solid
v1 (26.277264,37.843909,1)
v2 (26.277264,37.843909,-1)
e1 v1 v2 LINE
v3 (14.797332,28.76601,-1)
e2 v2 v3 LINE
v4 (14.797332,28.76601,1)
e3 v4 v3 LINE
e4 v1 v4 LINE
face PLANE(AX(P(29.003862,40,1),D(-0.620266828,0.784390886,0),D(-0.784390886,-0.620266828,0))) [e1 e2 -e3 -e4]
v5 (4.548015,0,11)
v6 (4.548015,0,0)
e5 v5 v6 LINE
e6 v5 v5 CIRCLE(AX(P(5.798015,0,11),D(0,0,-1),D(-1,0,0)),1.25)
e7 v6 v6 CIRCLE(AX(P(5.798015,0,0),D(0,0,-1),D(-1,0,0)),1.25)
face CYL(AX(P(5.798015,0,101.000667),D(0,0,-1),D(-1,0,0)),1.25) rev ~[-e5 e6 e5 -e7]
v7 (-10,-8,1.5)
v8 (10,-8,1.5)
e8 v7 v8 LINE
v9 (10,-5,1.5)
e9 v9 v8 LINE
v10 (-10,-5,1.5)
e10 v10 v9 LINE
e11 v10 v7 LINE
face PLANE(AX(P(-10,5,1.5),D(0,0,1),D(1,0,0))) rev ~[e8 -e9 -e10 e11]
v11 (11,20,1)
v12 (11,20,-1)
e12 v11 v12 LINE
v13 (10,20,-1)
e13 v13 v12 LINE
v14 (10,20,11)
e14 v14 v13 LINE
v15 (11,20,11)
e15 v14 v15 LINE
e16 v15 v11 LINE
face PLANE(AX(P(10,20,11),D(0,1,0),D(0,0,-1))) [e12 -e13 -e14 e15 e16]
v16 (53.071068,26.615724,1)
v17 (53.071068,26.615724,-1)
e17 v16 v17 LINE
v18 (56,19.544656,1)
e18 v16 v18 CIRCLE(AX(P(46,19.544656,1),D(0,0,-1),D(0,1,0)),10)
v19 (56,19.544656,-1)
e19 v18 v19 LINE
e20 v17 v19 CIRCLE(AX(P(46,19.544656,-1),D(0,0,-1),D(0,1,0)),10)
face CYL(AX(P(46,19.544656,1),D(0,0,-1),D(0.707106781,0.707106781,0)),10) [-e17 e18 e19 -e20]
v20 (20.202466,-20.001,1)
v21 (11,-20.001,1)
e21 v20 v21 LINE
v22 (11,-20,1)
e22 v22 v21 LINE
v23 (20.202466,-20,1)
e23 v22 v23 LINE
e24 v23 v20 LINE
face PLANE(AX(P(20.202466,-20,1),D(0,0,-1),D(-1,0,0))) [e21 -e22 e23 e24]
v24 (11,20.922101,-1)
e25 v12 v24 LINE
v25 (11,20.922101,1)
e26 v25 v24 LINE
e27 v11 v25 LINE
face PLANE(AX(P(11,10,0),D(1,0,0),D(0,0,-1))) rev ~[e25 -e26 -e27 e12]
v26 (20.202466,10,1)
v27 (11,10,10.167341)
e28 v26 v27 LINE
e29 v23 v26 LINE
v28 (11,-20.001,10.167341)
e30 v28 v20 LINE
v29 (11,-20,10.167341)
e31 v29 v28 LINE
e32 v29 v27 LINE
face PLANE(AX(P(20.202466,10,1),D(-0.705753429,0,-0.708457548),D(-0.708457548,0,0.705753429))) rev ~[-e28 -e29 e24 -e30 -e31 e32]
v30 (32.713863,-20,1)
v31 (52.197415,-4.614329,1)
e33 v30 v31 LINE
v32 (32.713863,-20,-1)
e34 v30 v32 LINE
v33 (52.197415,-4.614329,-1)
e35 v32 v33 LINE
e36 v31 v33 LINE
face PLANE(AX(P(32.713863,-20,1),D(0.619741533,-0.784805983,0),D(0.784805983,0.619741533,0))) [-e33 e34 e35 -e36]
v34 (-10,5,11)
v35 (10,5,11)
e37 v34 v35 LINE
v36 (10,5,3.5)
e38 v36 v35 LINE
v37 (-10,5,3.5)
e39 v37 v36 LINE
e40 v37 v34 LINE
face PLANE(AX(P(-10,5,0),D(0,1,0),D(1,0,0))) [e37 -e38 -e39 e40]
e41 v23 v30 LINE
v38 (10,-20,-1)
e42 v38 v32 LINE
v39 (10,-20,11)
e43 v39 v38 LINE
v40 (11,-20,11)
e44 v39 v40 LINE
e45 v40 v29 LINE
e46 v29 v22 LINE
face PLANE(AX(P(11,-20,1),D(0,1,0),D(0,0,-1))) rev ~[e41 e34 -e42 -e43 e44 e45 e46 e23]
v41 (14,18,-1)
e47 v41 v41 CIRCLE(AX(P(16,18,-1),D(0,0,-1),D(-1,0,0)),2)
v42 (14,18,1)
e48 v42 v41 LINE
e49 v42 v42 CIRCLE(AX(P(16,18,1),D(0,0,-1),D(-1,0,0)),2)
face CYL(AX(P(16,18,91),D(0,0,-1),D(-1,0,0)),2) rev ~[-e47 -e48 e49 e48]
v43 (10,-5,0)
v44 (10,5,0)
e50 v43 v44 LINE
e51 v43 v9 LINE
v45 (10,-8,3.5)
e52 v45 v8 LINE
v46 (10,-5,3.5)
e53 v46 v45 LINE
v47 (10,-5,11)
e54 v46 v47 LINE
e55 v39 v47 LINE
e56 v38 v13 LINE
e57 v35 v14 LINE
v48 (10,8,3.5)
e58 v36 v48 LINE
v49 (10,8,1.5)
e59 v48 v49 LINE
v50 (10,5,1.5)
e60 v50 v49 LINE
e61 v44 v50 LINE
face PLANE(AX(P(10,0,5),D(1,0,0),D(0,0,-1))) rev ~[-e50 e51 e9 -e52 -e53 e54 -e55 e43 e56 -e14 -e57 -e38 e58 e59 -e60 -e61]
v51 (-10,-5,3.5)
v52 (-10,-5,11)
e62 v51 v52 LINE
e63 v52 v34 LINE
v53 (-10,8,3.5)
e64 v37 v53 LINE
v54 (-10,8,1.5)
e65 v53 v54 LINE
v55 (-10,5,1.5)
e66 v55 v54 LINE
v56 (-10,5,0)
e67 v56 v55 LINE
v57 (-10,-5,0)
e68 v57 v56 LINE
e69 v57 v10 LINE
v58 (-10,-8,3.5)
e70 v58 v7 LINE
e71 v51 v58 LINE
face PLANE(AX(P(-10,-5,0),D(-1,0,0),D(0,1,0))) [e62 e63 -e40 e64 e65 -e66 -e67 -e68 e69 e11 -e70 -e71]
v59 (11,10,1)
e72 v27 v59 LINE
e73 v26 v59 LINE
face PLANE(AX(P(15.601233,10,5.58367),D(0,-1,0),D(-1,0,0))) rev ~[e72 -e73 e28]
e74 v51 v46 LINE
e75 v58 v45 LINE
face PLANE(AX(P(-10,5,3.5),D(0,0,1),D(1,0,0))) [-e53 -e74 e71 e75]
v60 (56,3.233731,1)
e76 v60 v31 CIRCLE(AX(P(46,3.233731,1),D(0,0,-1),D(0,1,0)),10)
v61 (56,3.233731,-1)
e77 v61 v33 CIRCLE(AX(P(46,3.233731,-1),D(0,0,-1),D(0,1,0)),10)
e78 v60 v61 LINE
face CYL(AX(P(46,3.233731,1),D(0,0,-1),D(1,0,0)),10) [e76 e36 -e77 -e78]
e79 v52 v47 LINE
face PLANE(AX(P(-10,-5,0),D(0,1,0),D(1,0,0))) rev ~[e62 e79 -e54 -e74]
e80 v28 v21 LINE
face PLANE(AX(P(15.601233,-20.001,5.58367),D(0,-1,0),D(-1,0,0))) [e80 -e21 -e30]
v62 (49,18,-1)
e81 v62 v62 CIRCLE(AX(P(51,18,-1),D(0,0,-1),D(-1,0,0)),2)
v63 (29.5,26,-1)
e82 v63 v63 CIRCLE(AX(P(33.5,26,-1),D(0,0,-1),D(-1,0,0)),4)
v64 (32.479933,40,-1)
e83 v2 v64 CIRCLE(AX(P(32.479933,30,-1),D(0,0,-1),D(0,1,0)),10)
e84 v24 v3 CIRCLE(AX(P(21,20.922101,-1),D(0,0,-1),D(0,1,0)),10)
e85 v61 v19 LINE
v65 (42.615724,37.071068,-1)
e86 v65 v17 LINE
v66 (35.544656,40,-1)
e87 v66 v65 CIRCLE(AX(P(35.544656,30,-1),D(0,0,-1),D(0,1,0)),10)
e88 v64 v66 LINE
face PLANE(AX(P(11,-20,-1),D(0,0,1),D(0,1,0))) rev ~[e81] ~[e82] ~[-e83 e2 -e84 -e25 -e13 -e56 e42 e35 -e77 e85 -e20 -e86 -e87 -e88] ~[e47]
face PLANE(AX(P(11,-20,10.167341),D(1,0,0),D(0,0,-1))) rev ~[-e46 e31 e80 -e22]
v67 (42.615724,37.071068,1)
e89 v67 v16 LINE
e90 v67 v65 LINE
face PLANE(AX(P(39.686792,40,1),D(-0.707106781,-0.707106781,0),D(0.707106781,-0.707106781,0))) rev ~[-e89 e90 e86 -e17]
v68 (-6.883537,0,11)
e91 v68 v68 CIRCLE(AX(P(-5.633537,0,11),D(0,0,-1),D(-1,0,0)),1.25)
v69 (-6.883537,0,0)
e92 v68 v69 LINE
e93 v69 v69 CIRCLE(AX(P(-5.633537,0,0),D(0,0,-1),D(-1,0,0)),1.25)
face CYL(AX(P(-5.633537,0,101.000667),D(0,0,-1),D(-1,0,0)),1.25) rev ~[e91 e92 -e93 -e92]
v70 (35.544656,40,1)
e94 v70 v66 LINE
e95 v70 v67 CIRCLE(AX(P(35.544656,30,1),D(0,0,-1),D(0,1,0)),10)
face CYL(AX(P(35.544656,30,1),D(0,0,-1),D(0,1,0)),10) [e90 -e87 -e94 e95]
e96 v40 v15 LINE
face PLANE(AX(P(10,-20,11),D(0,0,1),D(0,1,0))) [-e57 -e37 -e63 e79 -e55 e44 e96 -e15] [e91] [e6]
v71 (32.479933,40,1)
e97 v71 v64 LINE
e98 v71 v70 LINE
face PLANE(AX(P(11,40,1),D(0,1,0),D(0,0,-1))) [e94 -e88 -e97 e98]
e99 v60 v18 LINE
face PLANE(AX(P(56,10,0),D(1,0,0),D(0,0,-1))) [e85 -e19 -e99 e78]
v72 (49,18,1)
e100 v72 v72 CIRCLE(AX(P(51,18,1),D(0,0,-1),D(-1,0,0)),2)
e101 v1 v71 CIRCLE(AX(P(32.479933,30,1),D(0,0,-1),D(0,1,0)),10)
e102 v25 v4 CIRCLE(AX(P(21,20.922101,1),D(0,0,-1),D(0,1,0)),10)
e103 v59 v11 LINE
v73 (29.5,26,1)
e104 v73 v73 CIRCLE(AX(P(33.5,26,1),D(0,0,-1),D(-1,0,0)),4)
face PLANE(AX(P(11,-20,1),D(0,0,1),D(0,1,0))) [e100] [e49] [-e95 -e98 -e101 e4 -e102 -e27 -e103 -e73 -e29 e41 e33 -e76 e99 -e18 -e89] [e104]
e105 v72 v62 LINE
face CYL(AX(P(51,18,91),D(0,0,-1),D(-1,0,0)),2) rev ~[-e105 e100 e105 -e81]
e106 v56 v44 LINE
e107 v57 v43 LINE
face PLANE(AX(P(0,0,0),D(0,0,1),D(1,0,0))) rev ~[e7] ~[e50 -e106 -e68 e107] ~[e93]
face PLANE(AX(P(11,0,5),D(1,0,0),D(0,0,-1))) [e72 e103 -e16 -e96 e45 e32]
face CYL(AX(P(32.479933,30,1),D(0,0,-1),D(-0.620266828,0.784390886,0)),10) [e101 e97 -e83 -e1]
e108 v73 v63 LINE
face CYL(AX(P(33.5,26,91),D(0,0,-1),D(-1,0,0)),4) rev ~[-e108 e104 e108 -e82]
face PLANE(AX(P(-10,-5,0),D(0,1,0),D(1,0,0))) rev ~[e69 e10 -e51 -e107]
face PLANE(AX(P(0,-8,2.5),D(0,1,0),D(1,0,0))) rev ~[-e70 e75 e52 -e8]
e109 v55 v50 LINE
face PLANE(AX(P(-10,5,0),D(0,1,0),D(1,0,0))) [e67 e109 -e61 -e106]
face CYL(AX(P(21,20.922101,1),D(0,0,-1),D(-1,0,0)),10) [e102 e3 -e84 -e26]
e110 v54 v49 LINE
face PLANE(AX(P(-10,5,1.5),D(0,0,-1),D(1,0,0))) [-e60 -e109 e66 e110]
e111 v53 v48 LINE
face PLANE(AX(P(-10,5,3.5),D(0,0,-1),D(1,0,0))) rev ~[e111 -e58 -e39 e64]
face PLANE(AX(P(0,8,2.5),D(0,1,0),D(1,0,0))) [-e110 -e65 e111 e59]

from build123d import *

# Parameters (mm, degrees)
SKETCH2_W                = 20
SKETCH2_H                = 10
BOSS_EXTRUDE1_DEPTH      = 11
SKETCH3_W                = 20
SKETCH3_H                = 2
BOSS_EXTRUDE2_DEPTH      = 3
BOSS_EXTRUDE2_DEPTH_BACK = 13
SKETCH4_W                = 12
SKETCH4_H                = 40
BOSS_EXTRUDE3_DEPTH      = 1
SKETCH5_W                = 2
SKETCH5_H                = 60
BOSS_EXTRUDE4_DEPTH      = 45
F_4_0MM_DOWEL_SLOT1_D    = 4
F_8_0MM_DOWEL_SLOT4_D    = 8
SKETCH22_W               = 9.202465877
SKETCH22_H               = 9.167340884
BOSS_EXTRUDE5_DEPTH      = 0.001
BOSS_EXTRUDE5_DEPTH_BACK = 30
CUT_EXTRUDE1_DEPTH       = 31
F_2_5MM_DOWEL_SLOT1_D    = 2.5
CUT_EXTRUDE2_DEPTH       = 10
CUT_EXTRUDE3_DEPTH       = 10
FILLET1_R                = 10


with BuildPart() as part:
    # Sketch2 → Boss-Extrude1 (new body)
    with BuildSketch(Plane.XY):
        Rectangle(SKETCH2_W, SKETCH2_H)
    extrude(amount=BOSS_EXTRUDE1_DEPTH)

    # Sketch3 → Boss-Extrude2 (add, two sides)
    with BuildSketch(Plane(origin=(0, 5, 0), x_dir=(1, 0, 0), z_dir=(0, 1, 0))) as boss_extrude2_sk:
        with Locations((0, -2.5)):
            Rectangle(SKETCH3_W, SKETCH3_H)
    extrude(amount=BOSS_EXTRUDE2_DEPTH)
    extrude(boss_extrude2_sk.sketch, amount=-BOSS_EXTRUDE2_DEPTH_BACK)

    # Sketch4 → Boss-Extrude3 (add)
    with BuildSketch(Plane(origin=(10, 0, 0), x_dir=(0, 0, -1), z_dir=(1, 0, 0))):
        with Locations((-5, 0)):
            Rectangle(SKETCH4_W, SKETCH4_H)
    extrude(amount=BOSS_EXTRUDE3_DEPTH)

    # Sketch5 → Boss-Extrude4 (add)
    with BuildSketch(Plane(origin=(11, 0, 0), x_dir=(0, 0, -1), z_dir=(1, 0, 0))):
        with Locations((0, 10)):
            Rectangle(SKETCH5_W, SKETCH5_H)
    extrude(amount=BOSS_EXTRUDE4_DEPTH)

    # Ø4.0mm Dowel Slot1 (through all)
    with Locations(Plane.XY.offset(1)):
        with Locations((16, 18), (51, 18)):
            Hole(F_4_0MM_DOWEL_SLOT1_D / 2)

    # Ø8.0mm Dowel Slot4 (through all)
    with Locations(Plane.XY.offset(1)):
        with Locations((33.5, 26)):
            Hole(F_8_0MM_DOWEL_SLOT4_D / 2)

    # Sketch22 → Boss-Extrude5 (add, two sides)
    with BuildSketch(Plane(origin=(11, -20, 1), x_dir=(-1, 0, 0), z_dir=(0, -1, 0))) as boss_extrude5_sk:
        with Locations((-4.601232938, -4.583670442)):
            Rectangle(SKETCH22_W, SKETCH22_H)
    extrude(amount=BOSS_EXTRUDE5_DEPTH)
    extrude(boss_extrude5_sk.sketch, amount=-BOSS_EXTRUDE5_DEPTH_BACK)

    # Sketch23 → Cut-Extrude1 (cut)
    with BuildSketch(Plane(origin=(0, 10, 0), x_dir=(1, 0, 0), z_dir=(0, 1, 0))):
        Polygon((20.202465877, -1), (11, -10.167340884), (20.202465877, -10.167340884), align=None)
    extrude(amount=-CUT_EXTRUDE1_DEPTH, mode=Mode.SUBTRACT)

    # Ø2.5mm Dowel Slot1 (through all)
    with Locations(Plane.XY.offset(11)):
        with Locations((-5.633536512, 0), (5.798014949, 0)):
            Hole(F_2_5MM_DOWEL_SLOT1_D / 2)

    # Sketch26 → Cut-Extrude2 (cut)
    with BuildSketch(Plane.XY.offset(1)):
        Polygon((29.003862236, 40), (11, 25.763222488), (11, 40), align=None)
        Polygon((56, 40), (39.686791896, 40), (56, 23.686791896), align=None)
    extrude(amount=-CUT_EXTRUDE2_DEPTH, mode=Mode.SUBTRACT)

    # Sketch27 → Cut-Extrude3 (cut)
    with BuildSketch(Plane.XY.offset(1)):
        Polygon((32.71386297, -20), (56, -1.611523644), (56, -20), align=None)
    extrude(amount=-CUT_EXTRUDE3_DEPTH, mode=Mode.SUBTRACT)

    # Fillet1
    fillet1_edges = [part.edges().sort_by_distance(p)[0] for p in [
        (29.003862236, 40, 0),
        (11, 25.763222488, 0),
        (56, 23.686791896, 0),
        (39.686791896, 40, 0),
        (56, -1.611523644, 0),
    ]]
    fillet(fillet1_edges, radius=FILLET1_R)


solid = part.part
